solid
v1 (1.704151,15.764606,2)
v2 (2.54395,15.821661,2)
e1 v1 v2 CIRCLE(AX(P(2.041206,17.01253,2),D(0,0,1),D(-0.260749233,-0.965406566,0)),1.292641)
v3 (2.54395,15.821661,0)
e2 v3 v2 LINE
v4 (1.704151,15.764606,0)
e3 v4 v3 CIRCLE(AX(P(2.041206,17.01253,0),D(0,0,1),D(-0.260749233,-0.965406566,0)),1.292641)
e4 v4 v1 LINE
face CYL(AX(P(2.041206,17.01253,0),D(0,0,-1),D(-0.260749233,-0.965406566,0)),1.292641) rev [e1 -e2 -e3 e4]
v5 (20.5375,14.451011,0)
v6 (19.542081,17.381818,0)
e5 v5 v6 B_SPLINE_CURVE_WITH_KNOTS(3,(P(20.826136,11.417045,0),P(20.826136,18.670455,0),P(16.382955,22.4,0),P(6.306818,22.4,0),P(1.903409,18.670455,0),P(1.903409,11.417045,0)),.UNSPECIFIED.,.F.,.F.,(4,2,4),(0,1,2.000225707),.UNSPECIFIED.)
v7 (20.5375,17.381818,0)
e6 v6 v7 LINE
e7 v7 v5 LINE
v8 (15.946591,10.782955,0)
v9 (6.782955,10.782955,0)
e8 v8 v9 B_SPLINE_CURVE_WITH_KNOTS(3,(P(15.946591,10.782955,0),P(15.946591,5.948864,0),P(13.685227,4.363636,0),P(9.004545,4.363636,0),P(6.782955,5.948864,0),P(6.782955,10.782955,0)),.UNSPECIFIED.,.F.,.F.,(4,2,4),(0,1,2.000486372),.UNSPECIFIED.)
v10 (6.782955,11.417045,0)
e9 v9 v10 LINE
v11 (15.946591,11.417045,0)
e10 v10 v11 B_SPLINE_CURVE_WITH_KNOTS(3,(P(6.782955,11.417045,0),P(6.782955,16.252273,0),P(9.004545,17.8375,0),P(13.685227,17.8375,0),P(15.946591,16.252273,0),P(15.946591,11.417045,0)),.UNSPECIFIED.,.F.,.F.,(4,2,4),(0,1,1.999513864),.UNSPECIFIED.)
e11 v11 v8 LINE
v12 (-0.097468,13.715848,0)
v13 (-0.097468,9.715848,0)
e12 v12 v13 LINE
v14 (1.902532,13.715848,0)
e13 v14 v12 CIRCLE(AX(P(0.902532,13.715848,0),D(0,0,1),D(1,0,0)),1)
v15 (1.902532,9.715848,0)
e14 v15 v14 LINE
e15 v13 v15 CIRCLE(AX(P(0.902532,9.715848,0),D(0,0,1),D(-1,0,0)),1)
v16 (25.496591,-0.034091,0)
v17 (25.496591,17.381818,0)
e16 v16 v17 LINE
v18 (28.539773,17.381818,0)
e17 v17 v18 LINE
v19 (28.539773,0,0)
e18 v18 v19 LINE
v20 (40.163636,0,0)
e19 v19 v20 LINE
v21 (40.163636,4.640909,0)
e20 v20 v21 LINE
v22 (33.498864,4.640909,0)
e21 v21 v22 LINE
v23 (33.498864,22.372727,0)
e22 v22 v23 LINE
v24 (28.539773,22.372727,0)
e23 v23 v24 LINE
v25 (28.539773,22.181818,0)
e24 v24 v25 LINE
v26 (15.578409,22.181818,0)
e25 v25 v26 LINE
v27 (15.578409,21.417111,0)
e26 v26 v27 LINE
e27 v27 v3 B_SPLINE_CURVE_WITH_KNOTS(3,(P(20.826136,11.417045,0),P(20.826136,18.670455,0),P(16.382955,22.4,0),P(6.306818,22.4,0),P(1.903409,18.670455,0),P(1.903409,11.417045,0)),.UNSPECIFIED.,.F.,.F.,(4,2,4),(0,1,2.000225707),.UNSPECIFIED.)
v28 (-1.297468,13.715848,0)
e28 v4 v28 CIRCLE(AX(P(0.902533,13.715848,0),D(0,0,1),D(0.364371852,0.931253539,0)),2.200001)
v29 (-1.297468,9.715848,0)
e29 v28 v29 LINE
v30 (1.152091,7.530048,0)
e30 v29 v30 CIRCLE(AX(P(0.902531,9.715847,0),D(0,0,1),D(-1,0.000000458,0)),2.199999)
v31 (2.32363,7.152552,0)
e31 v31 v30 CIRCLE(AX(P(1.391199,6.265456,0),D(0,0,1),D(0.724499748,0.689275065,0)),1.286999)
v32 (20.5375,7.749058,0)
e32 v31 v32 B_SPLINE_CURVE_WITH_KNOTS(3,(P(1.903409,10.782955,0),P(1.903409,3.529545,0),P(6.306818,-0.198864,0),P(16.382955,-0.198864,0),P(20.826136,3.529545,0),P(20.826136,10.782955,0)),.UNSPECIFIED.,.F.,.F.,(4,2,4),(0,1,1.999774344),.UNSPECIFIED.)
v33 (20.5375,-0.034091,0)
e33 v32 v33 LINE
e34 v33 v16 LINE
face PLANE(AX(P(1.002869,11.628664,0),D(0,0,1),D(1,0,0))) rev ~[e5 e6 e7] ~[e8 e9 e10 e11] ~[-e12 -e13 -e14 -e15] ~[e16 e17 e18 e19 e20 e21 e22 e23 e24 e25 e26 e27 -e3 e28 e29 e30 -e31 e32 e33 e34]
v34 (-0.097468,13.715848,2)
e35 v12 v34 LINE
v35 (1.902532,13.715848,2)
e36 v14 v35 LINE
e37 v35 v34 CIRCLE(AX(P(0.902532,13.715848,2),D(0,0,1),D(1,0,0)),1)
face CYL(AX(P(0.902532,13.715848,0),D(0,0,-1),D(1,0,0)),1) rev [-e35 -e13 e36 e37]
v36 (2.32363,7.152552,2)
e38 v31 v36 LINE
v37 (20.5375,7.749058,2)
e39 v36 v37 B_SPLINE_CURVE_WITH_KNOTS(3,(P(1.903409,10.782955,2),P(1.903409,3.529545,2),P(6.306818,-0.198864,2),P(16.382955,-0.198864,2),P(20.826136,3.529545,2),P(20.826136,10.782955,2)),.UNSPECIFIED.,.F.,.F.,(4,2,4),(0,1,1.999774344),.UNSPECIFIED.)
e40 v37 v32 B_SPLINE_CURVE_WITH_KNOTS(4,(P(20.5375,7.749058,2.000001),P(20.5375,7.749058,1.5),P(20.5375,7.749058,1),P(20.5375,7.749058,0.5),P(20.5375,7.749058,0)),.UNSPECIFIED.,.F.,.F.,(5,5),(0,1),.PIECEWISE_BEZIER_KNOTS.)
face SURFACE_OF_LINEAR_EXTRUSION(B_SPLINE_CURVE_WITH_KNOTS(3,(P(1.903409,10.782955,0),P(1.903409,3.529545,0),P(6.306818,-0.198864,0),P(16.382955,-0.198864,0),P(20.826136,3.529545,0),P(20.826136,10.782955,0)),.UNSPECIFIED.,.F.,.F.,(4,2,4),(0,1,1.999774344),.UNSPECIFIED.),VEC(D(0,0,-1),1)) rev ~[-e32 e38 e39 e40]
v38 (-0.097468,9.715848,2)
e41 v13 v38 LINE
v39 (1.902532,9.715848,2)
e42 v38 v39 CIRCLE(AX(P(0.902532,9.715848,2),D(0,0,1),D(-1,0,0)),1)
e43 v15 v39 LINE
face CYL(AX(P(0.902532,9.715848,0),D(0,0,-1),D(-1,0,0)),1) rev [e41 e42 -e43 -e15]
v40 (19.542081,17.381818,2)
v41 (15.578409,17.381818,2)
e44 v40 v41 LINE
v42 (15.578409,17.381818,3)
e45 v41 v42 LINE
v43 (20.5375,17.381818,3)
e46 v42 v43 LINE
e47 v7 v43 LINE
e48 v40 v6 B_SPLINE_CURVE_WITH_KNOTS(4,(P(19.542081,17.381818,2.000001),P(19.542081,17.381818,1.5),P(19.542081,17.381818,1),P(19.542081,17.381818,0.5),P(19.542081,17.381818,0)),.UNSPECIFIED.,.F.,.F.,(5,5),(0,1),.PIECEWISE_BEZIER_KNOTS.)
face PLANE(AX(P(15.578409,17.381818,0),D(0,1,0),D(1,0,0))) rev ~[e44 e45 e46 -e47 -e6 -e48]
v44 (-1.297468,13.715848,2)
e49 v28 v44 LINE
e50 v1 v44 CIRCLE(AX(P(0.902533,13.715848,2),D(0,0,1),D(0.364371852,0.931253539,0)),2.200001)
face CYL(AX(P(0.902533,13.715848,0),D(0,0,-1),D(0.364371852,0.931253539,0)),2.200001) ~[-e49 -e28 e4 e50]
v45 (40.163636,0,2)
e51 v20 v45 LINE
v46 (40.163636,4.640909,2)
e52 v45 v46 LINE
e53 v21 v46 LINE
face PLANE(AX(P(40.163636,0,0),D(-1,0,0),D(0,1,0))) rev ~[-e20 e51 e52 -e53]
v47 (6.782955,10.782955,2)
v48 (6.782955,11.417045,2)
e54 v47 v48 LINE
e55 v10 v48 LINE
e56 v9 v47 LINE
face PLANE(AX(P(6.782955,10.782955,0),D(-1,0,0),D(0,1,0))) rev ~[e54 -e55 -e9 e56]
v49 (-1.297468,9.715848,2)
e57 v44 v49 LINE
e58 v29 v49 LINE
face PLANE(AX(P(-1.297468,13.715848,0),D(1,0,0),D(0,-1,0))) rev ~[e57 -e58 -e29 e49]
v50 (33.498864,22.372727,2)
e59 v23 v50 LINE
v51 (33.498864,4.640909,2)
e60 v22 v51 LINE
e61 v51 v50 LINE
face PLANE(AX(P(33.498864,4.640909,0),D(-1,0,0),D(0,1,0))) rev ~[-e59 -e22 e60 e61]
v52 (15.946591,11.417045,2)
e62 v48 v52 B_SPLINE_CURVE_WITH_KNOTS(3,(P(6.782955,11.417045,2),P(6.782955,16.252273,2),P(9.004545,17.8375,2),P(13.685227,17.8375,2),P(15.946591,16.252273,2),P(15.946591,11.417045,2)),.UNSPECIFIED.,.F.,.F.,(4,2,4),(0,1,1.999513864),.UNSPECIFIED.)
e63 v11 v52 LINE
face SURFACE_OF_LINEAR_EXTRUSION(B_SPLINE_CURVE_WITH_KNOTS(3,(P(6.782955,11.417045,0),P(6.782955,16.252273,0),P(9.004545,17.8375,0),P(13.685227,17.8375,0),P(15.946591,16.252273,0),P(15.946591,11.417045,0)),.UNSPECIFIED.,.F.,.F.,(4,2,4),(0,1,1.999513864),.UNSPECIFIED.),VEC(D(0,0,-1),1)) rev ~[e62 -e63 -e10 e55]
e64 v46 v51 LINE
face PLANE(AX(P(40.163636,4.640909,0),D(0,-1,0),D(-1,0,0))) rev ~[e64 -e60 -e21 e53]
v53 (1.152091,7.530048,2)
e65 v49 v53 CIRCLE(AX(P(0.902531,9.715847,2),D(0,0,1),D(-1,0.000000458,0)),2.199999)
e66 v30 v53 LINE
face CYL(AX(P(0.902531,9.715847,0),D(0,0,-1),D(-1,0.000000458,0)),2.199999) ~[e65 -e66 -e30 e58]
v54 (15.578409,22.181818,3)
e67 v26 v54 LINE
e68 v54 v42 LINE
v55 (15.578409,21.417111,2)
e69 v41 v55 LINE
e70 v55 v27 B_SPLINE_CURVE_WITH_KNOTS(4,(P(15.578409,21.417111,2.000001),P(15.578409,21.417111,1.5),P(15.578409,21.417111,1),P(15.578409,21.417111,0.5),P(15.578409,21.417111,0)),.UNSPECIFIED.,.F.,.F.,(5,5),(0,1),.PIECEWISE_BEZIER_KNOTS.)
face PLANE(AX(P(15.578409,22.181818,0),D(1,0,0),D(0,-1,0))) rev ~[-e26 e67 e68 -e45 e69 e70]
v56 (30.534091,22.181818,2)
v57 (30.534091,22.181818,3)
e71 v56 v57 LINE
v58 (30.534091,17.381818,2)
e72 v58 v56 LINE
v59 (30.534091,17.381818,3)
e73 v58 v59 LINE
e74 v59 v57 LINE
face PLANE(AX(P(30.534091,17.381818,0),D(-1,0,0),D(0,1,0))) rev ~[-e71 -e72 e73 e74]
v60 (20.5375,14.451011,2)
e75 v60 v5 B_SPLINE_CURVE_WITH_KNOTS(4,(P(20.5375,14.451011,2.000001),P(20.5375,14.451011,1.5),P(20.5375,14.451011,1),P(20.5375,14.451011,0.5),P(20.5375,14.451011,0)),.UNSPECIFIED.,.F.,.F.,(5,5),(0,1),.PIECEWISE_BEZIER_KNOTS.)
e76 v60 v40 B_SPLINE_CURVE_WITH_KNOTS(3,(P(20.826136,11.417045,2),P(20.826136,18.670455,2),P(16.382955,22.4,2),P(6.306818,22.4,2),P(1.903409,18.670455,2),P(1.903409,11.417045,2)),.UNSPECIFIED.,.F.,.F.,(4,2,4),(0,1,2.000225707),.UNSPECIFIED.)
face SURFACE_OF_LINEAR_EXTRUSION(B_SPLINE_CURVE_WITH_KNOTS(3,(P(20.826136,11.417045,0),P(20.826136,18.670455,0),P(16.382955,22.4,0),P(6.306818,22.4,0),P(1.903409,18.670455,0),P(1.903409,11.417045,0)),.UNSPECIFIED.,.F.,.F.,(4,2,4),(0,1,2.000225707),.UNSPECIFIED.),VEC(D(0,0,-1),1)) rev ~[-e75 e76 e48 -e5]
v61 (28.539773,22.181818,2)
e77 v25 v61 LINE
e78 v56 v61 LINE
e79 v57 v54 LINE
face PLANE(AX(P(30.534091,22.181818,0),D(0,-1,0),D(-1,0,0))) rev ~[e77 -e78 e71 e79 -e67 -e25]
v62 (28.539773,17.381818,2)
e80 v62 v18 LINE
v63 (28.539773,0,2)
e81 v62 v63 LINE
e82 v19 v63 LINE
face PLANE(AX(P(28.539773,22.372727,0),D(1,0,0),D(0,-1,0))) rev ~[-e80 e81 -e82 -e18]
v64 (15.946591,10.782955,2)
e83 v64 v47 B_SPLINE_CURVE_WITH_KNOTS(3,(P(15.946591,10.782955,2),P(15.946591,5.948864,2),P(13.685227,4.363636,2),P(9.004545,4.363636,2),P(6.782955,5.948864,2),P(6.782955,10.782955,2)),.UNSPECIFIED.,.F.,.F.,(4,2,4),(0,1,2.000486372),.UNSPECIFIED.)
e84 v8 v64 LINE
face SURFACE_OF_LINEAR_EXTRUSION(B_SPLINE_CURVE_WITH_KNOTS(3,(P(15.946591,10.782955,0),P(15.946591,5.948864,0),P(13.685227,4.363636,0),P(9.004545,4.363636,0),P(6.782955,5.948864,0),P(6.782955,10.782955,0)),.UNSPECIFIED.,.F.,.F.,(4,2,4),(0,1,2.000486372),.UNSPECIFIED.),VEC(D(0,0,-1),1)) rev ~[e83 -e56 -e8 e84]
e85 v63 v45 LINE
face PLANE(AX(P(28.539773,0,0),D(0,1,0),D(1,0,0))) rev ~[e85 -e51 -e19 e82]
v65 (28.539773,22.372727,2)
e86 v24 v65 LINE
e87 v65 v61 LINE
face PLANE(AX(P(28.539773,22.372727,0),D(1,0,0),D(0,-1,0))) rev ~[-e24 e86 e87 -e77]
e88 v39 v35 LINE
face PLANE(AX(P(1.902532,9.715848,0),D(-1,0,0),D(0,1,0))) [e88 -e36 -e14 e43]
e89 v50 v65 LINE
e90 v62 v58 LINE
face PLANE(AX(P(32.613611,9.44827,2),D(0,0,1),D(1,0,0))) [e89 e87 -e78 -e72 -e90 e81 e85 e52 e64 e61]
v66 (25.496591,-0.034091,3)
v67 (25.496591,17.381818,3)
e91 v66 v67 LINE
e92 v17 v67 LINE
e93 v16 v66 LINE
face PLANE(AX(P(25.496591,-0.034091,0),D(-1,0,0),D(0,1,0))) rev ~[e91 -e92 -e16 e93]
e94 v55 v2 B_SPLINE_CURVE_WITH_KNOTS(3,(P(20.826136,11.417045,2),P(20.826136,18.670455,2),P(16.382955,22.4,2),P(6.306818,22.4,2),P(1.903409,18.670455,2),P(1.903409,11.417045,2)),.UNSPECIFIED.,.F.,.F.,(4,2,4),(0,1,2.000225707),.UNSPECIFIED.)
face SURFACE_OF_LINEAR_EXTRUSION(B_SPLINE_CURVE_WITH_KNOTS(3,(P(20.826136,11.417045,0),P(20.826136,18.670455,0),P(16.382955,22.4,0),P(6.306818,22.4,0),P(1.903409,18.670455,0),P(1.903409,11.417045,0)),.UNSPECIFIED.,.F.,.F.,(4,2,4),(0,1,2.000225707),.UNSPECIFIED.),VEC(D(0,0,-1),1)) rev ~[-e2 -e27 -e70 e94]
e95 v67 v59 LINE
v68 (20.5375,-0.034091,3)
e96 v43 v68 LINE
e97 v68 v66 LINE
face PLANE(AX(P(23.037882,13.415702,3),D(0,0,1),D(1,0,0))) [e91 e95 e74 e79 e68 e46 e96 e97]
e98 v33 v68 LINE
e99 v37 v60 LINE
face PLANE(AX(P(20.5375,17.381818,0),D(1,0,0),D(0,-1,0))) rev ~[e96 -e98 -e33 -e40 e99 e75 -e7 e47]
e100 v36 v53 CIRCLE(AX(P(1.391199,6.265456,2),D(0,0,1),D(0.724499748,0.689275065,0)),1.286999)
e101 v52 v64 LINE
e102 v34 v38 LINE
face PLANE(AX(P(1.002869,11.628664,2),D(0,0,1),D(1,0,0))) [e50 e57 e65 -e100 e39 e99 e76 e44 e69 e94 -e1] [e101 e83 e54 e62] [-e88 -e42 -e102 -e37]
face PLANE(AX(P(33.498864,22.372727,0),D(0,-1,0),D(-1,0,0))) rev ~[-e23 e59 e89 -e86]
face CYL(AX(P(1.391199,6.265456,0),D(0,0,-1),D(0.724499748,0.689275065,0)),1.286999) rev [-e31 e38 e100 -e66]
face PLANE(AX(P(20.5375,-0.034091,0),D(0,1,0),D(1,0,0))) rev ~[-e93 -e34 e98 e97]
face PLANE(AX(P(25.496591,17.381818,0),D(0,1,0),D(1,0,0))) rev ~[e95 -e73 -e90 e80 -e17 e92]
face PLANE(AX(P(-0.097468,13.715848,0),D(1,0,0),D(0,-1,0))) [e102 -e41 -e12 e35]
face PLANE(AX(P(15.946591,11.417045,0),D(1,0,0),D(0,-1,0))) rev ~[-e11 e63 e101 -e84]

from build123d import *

# Parameters (mm, degrees)
PAD_DEPTH    = 2
PAD001_DEPTH = 3
PAD002_DEPTH = 2
PAD003_DEPTH = 2


with BuildPart() as part:
    # Sketch001 → Pad (new body)
    with BuildSketch(Plane.XY):
        with BuildLine():
            add(Edge.make_bspline(
                [(11.345455, -0.198864), (16.382955, -0.198864), (20.826136, 3.529545), (20.826136, 10.782955)],
                knots=[0, 0, 0, 0, 1, 1, 1, 1], degree=3))
            Line((20.826136, 10.782955), (20.826136, 11.417045))
            add(Edge.make_bspline(
                [(20.826136, 11.417045), (20.826136, 18.670455), (16.382955, 22.4), (11.345455, 22.4)],
                knots=[0, 0, 0, 0, 1, 1, 1, 1], degree=3))
            add(Edge.make_bspline(
                [(11.345455, 22.4), (6.306818, 22.4), (1.903409, 18.670455), (1.903409, 11.417045)],
                knots=[0, 0, 0, 0, 1, 1, 1, 1], degree=3))
            Line((1.903409, 11.417045), (1.903409, 10.782955))
            add(Edge.make_bspline(
                [(1.903409, 10.782955), (1.903409, 3.529545), (6.306818, -0.198864), (11.345455, -0.198864)],
                knots=[0, 0, 0, 0, 1, 1, 1, 1], degree=3))
        make_face()
        with BuildLine():
            add(Edge.make_bspline(
                [(11.345455, 4.363636), (9.004545, 4.363636), (6.782955, 5.948864), (6.782955, 10.782955)],
                knots=[0, 0, 0, 0, 1, 1, 1, 1], degree=3))
            Line((6.782955, 10.782955), (6.782955, 11.417045))
            add(Edge.make_bspline(
                [(6.782955, 11.417045), (6.782955, 16.252273), (9.004545, 17.8375), (11.345455, 17.8375)],
                knots=[0, 0, 0, 0, 1, 1, 1, 1], degree=3))
            add(Edge.make_bspline(
                [(11.345455, 17.8375), (13.685227, 17.8375), (15.946591, 16.252273), (15.946591, 11.417045)],
                knots=[0, 0, 0, 0, 1, 1, 1, 1], degree=3))
            Line((15.946591, 11.417045), (15.946591, 10.782955))
            add(Edge.make_bspline(
                [(15.946591, 10.782955), (15.946591, 5.948864), (13.685227, 4.363636), (11.345455, 4.363636)],
                knots=[0, 0, 0, 0, 1, 1, 1, 1], degree=3))
        make_face(mode=Mode.SUBTRACT)
    extrude(amount=PAD_DEPTH)

    # Sketch003 → Pad001 (join)
    with BuildSketch(Plane(origin=(-7.7, 0, 0), x_dir=(1, 0, 0), z_dir=(0, 0, 1))):
        Polygon((38.234091, 22.181818), (23.278409, 22.181818), (23.278409, 17.381818), (28.2375, 17.381818), (28.2375, -0.034091), (33.196591, -0.034091), (33.196591, 17.381818), (38.234091, 17.381818), align=None)
    extrude(amount=PAD001_DEPTH)

    # Sketch004 → Pad002 (join)
    with BuildSketch(Plane(origin=(-13, 0, 0), x_dir=(1, 0, 0), z_dir=(0, 0, 1))):
        Polygon((46.498864, 4.640909), (46.498864, 22.372727), (41.539773, 22.372727), (41.539773, 0), (53.163636, 0), (53.163636, 4.640909), align=None)
    extrude(amount=PAD002_DEPTH)

    # Sketch005 → Pad003 (join)
    with BuildSketch(Plane(origin=(0.5, 0, 0), x_dir=(1, 0, 0), z_dir=(0, 0, 1))):
        with BuildLine():
            ThreePointArc((-1.797468, 9.715848), (-1.062216, 8.07435), (0.652091, 7.530048))
            ThreePointArc((1.82363, 7.152552), (1.285914, 7.490432), (0.652091, 7.530048))
            Line((1.82363, 7.152552), (2.602532, 9.715848))
            Line((2.602532, 9.715848), (2.602532, 13.715848))
            Line((2.04395, 15.821661), (2.602532, 13.715848))
            ThreePointArc((1.204151, 15.764606), (1.628824, 15.722862), (2.04395, 15.821661))
            ThreePointArc((1.204151, 15.764606), (-0.837718, 15.532928), (-1.797468, 13.715848))
            Line((-1.797468, 13.715848), (-1.797468, 9.715848))
        make_face()
        with BuildLine():
            ThreePointArc((1.402532, 13.715848), (0.402532, 14.715848), (-0.597468, 13.715848))
            Line((-0.597468, 13.715848), (-0.597468, 9.715848))
            ThreePointArc((-0.597468, 9.715848), (0.402532, 8.715848), (1.402532, 9.715848))
            Line((1.402532, 9.715848), (1.402532, 13.715848))
        make_face(mode=Mode.SUBTRACT)
    extrude(amount=PAD003_DEPTH)


solid = part.part
